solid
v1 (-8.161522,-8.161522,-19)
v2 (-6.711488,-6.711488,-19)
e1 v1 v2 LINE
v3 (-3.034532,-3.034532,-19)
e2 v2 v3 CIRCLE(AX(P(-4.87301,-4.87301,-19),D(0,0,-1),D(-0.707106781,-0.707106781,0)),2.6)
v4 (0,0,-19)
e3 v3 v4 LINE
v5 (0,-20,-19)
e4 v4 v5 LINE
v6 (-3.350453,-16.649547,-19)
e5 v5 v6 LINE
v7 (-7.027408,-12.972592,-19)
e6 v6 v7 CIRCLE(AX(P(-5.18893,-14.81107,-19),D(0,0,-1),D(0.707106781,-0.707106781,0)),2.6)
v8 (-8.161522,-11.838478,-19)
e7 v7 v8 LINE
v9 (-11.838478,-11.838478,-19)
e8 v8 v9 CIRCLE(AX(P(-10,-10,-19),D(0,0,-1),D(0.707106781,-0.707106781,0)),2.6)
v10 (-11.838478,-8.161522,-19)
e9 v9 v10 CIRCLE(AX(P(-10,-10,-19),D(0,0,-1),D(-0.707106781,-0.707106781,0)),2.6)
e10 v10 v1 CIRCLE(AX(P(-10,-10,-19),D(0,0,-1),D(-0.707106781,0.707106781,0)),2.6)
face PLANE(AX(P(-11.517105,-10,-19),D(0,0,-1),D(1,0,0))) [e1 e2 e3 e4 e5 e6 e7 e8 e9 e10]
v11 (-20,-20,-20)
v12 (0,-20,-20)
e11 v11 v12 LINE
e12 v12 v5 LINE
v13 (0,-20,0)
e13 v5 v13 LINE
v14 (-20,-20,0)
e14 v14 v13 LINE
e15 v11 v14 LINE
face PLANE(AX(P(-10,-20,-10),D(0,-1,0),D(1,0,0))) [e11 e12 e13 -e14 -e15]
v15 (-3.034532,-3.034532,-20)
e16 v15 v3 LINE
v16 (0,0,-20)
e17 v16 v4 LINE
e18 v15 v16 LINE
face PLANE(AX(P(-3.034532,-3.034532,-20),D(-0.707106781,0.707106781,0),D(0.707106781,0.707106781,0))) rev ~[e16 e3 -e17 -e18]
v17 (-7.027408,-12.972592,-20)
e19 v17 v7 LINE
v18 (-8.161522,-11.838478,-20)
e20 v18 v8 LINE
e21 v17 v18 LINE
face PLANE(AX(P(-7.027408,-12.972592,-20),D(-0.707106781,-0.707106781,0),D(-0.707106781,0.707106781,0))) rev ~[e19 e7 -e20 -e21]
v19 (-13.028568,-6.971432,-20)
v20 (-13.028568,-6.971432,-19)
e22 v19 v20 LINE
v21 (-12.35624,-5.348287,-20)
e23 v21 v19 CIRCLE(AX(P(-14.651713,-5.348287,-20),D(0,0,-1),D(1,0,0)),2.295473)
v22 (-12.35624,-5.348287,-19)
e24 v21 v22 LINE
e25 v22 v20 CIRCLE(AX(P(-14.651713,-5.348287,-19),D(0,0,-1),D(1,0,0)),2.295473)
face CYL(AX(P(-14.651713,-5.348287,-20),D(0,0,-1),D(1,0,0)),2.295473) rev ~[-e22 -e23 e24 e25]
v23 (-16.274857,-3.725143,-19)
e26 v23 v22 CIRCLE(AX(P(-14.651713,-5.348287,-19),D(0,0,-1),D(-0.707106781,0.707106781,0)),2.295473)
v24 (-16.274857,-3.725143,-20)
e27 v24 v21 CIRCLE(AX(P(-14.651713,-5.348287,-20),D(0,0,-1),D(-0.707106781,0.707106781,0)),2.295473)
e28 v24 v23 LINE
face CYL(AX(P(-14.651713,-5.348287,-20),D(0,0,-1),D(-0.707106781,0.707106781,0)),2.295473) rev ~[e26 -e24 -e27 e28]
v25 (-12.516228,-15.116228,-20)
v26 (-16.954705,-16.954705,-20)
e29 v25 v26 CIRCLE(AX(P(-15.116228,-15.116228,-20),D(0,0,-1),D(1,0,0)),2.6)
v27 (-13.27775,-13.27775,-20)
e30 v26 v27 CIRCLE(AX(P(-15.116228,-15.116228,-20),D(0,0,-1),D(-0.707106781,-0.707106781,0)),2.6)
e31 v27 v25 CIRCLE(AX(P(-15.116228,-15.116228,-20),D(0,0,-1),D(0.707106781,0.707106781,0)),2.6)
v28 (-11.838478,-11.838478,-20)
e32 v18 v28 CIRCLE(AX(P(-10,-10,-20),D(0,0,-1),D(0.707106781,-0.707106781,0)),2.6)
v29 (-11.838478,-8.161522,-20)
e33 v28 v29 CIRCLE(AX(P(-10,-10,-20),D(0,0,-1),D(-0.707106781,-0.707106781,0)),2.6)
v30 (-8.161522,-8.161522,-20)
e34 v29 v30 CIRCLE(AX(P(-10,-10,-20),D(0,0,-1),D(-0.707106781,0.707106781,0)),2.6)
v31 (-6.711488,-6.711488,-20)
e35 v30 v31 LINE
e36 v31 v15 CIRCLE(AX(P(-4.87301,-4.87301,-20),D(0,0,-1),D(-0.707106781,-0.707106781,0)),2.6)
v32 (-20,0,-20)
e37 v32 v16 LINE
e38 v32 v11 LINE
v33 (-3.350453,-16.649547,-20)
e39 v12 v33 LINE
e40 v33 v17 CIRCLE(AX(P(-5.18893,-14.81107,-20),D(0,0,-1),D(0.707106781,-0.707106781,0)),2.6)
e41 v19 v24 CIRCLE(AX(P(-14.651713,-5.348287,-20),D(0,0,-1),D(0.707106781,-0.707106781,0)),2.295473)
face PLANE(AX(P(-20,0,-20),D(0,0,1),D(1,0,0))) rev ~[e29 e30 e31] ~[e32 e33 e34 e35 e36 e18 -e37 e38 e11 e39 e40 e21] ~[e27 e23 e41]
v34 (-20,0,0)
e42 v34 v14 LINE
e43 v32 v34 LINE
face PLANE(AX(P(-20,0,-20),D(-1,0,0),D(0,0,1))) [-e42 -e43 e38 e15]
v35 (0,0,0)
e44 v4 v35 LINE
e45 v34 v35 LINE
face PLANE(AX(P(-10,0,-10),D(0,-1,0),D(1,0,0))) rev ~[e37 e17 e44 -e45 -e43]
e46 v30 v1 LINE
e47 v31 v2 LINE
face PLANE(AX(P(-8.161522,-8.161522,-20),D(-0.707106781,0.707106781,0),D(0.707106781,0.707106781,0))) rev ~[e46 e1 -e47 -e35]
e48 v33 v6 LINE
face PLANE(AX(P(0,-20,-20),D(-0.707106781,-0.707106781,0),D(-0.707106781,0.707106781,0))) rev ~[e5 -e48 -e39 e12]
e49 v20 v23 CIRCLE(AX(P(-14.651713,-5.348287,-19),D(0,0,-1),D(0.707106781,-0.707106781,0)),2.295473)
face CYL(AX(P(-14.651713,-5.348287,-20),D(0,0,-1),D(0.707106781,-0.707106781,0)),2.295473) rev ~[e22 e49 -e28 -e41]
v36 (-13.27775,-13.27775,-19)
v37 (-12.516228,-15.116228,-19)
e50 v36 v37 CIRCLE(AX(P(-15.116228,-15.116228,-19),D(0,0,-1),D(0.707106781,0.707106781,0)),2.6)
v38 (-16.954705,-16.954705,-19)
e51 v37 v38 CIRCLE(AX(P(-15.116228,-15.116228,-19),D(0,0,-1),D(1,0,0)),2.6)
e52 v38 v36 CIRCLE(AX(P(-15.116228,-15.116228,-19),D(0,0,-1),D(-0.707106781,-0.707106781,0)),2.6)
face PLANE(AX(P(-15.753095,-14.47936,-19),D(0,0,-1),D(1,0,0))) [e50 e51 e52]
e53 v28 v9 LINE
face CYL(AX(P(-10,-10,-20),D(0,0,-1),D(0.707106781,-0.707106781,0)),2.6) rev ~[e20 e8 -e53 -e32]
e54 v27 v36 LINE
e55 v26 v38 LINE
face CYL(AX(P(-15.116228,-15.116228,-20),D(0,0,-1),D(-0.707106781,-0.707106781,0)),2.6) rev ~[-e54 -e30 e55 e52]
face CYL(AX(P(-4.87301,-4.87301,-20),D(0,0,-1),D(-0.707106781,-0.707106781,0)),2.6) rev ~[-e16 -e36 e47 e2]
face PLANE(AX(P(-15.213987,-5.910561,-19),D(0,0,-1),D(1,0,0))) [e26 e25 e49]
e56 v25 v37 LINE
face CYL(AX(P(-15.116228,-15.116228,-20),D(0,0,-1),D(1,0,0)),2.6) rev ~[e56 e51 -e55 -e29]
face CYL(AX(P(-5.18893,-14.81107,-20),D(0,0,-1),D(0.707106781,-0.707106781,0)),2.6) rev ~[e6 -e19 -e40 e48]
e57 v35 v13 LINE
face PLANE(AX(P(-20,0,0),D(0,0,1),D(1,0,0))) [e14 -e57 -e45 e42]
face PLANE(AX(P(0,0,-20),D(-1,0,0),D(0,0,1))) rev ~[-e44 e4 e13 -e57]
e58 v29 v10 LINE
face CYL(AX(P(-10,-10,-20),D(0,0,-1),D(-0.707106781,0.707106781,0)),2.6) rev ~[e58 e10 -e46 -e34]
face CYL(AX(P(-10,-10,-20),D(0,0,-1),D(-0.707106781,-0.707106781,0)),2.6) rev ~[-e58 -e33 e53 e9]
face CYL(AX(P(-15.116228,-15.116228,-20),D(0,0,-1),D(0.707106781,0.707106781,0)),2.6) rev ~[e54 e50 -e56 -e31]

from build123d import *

# Parameters (mm, degrees)
F0_W     = 20
F0_H     = 20
F1_DEPTH = 20
F3_DEPTH = 1


with BuildPart() as f1:
    # F0 (on Front) → F1 (new body)
    with BuildSketch(Plane.XZ):
        with Locations((-10, -10)):
            Rectangle(F0_W, F0_H)
    extrude(amount=F1_DEPTH)

    # F2 (on face) → F3 (cut)
    with BuildSketch(Plane(origin=(0, 0, -20), x_dir=(1, 0, 0), z_dir=(0, 0, -1))):
        with BuildLine():
            ThreePointArc((-13.0285681023, 6.9714318977), (-16.2748573364, 6.9714318977), (-16.2748573364, 3.7251426636))
            Line((-16.2748573364, 3.7251426636), (-13.0285681023, 6.9714318977))
        make_face()
        with BuildLine():
            ThreePointArc((-16.9547054218, 16.9547054218), (-16.9547054218, 13.2777501596), (-13.2777501596, 13.2777501596))
            Line((-13.2777501596, 13.2777501596), (-16.9547054218, 16.9547054218))
        make_face()
        with BuildLine():
            Line((-16.9547054218, 16.9547054218), (-13.2777501596, 13.2777501596))
            ThreePointArc((-13.2777501596, 13.2777501596), (-12.7141410062, 14.1212508666), (-12.5162277907, 15.1162277907))
            ThreePointArc((-12.5162277907, 15.1162277907), (-14.1212508666, 17.5183145752), (-16.9547054218, 16.9547054218))
        make_face()
        with BuildLine():
            ThreePointArc((-11.8384776311, 11.8384776311), (-12.6, 10), (-11.8384776311, 8.1615223689))
            Line((-11.8384776311, 8.1615223689), (-10, 10))
            Line((-10, 10), (-11.8384776311, 11.8384776311))
        make_face()
        with BuildLine():
            Line((-10, 10), (-11.8384776311, 8.1615223689))
            ThreePointArc((-11.8384776311, 8.1615223689), (-10, 7.4), (-8.1615223689, 8.1615223689))
            Line((-8.1615223689, 8.1615223689), (-10, 10))
        make_face()
        with BuildLine():
            Line((-13.0285681023, 6.9714318977), (-16.2748573364, 3.7251426636))
            ThreePointArc((-16.2748573364, 3.7251426636), (-13.7732731826, 3.2275466374), (-12.3562395882, 5.3482872806))
            ThreePointArc((-12.3562395882, 5.3482872806), (-12.5309720761, 6.2267268174), (-13.0285681023, 6.9714318977))
        make_face()
        with BuildLine():
            Line((-11.8384776311, 11.8384776311), (-10, 10))
            Line((-10, 10), (-8.1615223689, 11.8384776311))
            ThreePointArc((-8.1615223689, 11.8384776311), (-10, 12.6), (-11.8384776311, 11.8384776311))
        make_face()
        with BuildLine():
            Line((-8.1615223689, 11.8384776311), (-10, 10))
            Line((-10, 10), (-8.1615223689, 8.1615223689))
            ThreePointArc((-8.1615223689, 8.1615223689), (-7.5979132155, 9.0050230759), (-7.4, 10))
            ThreePointArc((-7.4, 10), (-7.5979132155, 10.9949769241), (-8.1615223689, 11.8384776311))
        make_face()
        with BuildLine():
            ThreePointArc((-7.4, 10), (-7.5979132155, 9.0050230759), (-8.1615223689, 8.1615223689))
            Line((-8.1615223689, 8.1615223689), (-6.7114877282, 6.7114877282))
            ThreePointArc((-6.7114877282, 6.7114877282), (-3.8780331729, 7.2750968816), (-2.2730100971, 4.8730100971))
            ThreePointArc((-2.2730100971, 4.8730100971), (-2.4709233125, 3.8780331729), (-3.034532466, 3.034532466))
            Line((-3.034532466, 3.034532466), (0, 0))
            Line((0, 0), (0, 20))
            Line((0, 20), (-3.3504526736, 16.6495473264))
            ThreePointArc((-3.3504526736, 16.6495473264), (-2.7868435202, 15.8060466194), (-2.5889303047, 14.8110696953))
            ThreePointArc((-2.5889303047, 14.8110696953), (-4.1939533806, 12.4089829107), (-7.0274079358, 12.9725920642))
            Line((-7.0274079358, 12.9725920642), (-8.1615223689, 11.8384776311))
            ThreePointArc((-8.1615223689, 11.8384776311), (-7.5979132155, 10.9949769241), (-7.4, 10))
        make_face()
        with BuildLine():
            ThreePointArc((-2.2730100971, 4.8730100971), (-3.8780331729, 7.2750968816), (-6.7114877282, 6.7114877282))
            Line((-6.7114877282, 6.7114877282), (-3.034532466, 3.034532466))
            ThreePointArc((-3.034532466, 3.034532466), (-2.4709233125, 3.8780331729), (-2.2730100971, 4.8730100971))
        make_face()
        with BuildLine():
            Line((-3.034532466, 3.034532466), (-6.7114877282, 6.7114877282))
            ThreePointArc((-6.7114877282, 6.7114877282), (-6.7114877282, 3.034532466), (-3.034532466, 3.034532466))
        make_face()
        with BuildLine():
            ThreePointArc((-3.3504526736, 16.6495473264), (-7.0274079358, 16.6495473264), (-7.0274079358, 12.9725920642))
            Line((-7.0274079358, 12.9725920642), (-3.3504526736, 16.6495473264))
        make_face()
        with BuildLine():
            Line((-3.3504526736, 16.6495473264), (-7.0274079358, 12.9725920642))
            ThreePointArc((-7.0274079358, 12.9725920642), (-4.1939533806, 12.4089829107), (-2.5889303047, 14.8110696953))
            ThreePointArc((-2.5889303047, 14.8110696953), (-2.7868435202, 15.8060466194), (-3.3504526736, 16.6495473264))
        make_face()
    extrude(amount=-F3_DEPTH, mode=Mode.SUBTRACT)


solid = f1.part
